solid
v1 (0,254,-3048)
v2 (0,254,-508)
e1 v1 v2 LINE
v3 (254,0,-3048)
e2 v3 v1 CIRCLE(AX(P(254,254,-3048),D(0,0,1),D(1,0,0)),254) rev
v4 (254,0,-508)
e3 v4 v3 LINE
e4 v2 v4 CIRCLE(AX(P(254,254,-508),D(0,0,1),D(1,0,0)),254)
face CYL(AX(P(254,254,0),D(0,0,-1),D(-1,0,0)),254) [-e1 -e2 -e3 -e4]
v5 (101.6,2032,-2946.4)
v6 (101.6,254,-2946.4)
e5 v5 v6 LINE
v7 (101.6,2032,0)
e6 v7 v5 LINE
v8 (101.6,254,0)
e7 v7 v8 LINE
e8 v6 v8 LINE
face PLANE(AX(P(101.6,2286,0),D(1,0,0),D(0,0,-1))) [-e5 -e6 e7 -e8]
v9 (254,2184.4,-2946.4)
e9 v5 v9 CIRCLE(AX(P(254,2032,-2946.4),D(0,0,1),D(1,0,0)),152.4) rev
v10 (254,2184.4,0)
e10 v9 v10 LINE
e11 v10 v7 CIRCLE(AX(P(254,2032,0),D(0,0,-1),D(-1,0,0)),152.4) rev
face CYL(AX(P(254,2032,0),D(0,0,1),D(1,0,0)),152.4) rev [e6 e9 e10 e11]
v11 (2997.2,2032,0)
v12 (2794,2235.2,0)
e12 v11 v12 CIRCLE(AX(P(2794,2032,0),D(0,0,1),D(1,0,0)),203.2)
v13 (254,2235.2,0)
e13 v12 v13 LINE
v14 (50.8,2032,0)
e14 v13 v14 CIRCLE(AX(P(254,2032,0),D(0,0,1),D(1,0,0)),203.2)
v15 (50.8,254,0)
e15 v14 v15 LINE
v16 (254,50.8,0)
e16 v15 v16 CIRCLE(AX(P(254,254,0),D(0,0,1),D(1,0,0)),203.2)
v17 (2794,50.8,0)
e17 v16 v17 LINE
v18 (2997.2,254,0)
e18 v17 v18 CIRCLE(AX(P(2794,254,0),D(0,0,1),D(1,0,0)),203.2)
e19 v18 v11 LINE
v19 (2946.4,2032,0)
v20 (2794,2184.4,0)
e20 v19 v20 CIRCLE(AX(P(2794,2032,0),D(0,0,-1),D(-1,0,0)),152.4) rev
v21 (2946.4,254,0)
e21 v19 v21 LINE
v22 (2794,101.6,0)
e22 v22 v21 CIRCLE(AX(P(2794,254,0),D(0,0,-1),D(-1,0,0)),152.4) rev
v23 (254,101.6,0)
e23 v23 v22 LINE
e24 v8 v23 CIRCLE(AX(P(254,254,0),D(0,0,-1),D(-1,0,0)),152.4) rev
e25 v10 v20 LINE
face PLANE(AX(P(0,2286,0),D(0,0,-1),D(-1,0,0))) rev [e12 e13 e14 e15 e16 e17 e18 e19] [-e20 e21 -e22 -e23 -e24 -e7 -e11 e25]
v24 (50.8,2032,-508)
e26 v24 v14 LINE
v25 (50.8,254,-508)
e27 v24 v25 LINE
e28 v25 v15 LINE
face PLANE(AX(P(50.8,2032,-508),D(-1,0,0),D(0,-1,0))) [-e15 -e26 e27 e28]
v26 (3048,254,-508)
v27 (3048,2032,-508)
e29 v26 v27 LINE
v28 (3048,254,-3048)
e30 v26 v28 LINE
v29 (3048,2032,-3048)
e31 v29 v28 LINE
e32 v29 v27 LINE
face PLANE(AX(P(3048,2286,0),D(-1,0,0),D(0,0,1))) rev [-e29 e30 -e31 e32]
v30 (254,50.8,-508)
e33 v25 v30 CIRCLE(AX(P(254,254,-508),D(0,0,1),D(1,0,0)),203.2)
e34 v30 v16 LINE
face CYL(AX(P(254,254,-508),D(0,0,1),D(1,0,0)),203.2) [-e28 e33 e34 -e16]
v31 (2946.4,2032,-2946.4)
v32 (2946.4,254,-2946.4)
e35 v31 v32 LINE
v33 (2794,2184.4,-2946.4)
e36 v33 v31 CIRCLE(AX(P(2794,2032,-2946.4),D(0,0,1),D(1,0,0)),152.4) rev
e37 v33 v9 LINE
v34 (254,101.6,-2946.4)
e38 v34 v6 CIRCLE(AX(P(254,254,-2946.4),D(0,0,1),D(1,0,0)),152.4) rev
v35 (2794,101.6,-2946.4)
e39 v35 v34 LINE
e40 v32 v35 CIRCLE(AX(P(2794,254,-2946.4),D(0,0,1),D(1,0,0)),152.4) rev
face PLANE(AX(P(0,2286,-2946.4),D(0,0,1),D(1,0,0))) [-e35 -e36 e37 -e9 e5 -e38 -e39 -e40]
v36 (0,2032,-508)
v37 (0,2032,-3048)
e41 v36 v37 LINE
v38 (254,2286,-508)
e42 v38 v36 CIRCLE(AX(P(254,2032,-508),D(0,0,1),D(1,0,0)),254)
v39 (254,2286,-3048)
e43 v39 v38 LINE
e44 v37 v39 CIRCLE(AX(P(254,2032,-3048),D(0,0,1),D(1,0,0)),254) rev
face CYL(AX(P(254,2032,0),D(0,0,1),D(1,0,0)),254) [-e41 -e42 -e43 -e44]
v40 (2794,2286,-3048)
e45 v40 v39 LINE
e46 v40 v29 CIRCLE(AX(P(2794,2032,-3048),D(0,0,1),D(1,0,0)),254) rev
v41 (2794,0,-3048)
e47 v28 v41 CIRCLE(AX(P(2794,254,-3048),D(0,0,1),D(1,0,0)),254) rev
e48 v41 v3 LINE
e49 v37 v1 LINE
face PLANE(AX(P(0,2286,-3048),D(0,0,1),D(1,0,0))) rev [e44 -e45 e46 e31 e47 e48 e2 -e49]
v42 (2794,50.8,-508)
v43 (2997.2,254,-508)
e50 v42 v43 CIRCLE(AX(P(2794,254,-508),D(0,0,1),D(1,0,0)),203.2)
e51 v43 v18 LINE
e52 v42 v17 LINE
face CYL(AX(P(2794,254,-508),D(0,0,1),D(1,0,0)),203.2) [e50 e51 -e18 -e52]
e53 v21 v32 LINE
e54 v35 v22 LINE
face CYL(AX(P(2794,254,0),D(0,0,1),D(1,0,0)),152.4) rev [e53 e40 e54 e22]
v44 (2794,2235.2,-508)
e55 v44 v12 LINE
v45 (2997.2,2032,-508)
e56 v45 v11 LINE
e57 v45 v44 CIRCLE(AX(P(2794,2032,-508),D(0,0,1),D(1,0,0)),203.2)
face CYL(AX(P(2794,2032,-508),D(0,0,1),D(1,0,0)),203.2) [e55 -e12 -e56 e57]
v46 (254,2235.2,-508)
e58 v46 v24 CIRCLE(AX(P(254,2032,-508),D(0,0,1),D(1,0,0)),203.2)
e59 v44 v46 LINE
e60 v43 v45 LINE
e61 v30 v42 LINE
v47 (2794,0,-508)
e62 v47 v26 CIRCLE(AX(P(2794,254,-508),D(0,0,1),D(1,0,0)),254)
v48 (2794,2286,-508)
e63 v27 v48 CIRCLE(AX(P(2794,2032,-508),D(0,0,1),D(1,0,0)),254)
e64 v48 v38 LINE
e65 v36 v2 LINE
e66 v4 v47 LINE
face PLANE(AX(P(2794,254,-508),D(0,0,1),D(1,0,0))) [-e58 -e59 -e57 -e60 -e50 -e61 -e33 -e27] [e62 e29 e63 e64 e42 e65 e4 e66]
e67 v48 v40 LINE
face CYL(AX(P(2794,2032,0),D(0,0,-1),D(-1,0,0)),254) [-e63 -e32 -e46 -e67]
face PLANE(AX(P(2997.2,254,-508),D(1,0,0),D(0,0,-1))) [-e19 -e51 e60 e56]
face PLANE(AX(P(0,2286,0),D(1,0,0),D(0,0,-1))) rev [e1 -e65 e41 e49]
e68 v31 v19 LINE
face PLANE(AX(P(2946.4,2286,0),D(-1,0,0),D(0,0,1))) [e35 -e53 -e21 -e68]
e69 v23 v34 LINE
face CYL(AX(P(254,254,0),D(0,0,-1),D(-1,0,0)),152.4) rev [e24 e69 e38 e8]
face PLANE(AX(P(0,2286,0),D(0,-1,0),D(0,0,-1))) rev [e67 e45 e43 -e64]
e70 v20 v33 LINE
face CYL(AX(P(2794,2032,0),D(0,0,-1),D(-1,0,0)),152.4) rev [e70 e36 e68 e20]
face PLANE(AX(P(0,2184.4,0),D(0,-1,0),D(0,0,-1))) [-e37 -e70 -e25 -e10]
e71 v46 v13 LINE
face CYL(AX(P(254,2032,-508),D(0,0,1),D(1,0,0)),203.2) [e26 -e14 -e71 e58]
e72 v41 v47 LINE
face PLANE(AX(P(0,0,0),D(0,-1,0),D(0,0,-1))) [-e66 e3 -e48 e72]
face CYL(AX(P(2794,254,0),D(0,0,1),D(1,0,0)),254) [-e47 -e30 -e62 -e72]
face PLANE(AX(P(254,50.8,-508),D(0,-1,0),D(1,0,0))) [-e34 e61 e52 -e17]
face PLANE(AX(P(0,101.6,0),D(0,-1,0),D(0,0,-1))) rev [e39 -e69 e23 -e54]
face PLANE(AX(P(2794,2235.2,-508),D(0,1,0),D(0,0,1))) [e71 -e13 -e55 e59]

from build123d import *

# Parameters (mm, degrees)
SKETCH2_W           = 3048
SKETCH2_H           = 3048
BOSS_EXTRUDE1_DEPTH = 2286
FILLET1_R           = 254
SHELL1_T            = -101.6
CUT_EXTRUDE1_DEPTH  = 508


with BuildPart() as part:
    # Sketch2 → Boss-Extrude1 (new body)
    with BuildSketch(Plane(origin=(0, 0, 0), x_dir=(1, 0, 0), z_dir=(0, 1, 0))):
        with Locations((1524, 1524)):
            Rectangle(SKETCH2_W, SKETCH2_H)
    extrude(amount=BOSS_EXTRUDE1_DEPTH)

    # Fillet1
    fillet1_edges = [part.edges().sort_by_distance(p)[0] for p in [
        (3048, 2286, -1524),
        (0, 2286, -1524),
        (3048, 0, -1524),
        (0, 0, -1524),
    ]]
    fillet(fillet1_edges, radius=FILLET1_R)

    # Shell1
    shell1_openings = [part.faces().sort_by_distance(p)[0] for p in [
        (1524, 1143, 0),
    ]]
    offset(amount=SHELL1_T, openings=shell1_openings, kind=Kind.INTERSECTION)

    # Sketch4 → Cut-Extrude1 (cut)
    with BuildSketch(Plane.XY):
        with BuildLine():
            Line((3048, 254), (3048, 2032))
            ThreePointArc((3048, 2032), (2973.605122421, 2211.605122421), (2794, 2286))
            Line((2794, 2286), (254, 2286))
            ThreePointArc((254, 2286), (74.394877579, 2211.605122421), (0, 2032))
            Line((0, 2032), (0, 254))
            ThreePointArc((0, 254), (74.394877579, 74.394877579), (254, 0))
            Line((254, 0), (2794, 0))
            ThreePointArc((2794, 0), (2973.605122421, 74.394877579), (3048, 254))
        make_face()
        with BuildLine():
            Line((2997.2, 254), (2997.2, 2032))
            ThreePointArc((2997.2, 2032), (2937.684097937, 2175.684097937), (2794, 2235.2))
            Line((2794, 2235.2), (254, 2235.2))
            ThreePointArc((254, 2235.2), (110.315902063, 2175.684097937), (50.8, 2032))
            Line((50.8, 2032), (50.8, 254))
            ThreePointArc((50.8, 254), (110.315902063, 110.315902063), (254, 50.8))
            Line((254, 50.8), (2794, 50.8))
            ThreePointArc((2794, 50.8), (2937.684097937, 110.315902063), (2997.2, 254))
        make_face(mode=Mode.SUBTRACT)
    extrude(amount=-CUT_EXTRUDE1_DEPTH, mode=Mode.SUBTRACT)


solid = part.part
